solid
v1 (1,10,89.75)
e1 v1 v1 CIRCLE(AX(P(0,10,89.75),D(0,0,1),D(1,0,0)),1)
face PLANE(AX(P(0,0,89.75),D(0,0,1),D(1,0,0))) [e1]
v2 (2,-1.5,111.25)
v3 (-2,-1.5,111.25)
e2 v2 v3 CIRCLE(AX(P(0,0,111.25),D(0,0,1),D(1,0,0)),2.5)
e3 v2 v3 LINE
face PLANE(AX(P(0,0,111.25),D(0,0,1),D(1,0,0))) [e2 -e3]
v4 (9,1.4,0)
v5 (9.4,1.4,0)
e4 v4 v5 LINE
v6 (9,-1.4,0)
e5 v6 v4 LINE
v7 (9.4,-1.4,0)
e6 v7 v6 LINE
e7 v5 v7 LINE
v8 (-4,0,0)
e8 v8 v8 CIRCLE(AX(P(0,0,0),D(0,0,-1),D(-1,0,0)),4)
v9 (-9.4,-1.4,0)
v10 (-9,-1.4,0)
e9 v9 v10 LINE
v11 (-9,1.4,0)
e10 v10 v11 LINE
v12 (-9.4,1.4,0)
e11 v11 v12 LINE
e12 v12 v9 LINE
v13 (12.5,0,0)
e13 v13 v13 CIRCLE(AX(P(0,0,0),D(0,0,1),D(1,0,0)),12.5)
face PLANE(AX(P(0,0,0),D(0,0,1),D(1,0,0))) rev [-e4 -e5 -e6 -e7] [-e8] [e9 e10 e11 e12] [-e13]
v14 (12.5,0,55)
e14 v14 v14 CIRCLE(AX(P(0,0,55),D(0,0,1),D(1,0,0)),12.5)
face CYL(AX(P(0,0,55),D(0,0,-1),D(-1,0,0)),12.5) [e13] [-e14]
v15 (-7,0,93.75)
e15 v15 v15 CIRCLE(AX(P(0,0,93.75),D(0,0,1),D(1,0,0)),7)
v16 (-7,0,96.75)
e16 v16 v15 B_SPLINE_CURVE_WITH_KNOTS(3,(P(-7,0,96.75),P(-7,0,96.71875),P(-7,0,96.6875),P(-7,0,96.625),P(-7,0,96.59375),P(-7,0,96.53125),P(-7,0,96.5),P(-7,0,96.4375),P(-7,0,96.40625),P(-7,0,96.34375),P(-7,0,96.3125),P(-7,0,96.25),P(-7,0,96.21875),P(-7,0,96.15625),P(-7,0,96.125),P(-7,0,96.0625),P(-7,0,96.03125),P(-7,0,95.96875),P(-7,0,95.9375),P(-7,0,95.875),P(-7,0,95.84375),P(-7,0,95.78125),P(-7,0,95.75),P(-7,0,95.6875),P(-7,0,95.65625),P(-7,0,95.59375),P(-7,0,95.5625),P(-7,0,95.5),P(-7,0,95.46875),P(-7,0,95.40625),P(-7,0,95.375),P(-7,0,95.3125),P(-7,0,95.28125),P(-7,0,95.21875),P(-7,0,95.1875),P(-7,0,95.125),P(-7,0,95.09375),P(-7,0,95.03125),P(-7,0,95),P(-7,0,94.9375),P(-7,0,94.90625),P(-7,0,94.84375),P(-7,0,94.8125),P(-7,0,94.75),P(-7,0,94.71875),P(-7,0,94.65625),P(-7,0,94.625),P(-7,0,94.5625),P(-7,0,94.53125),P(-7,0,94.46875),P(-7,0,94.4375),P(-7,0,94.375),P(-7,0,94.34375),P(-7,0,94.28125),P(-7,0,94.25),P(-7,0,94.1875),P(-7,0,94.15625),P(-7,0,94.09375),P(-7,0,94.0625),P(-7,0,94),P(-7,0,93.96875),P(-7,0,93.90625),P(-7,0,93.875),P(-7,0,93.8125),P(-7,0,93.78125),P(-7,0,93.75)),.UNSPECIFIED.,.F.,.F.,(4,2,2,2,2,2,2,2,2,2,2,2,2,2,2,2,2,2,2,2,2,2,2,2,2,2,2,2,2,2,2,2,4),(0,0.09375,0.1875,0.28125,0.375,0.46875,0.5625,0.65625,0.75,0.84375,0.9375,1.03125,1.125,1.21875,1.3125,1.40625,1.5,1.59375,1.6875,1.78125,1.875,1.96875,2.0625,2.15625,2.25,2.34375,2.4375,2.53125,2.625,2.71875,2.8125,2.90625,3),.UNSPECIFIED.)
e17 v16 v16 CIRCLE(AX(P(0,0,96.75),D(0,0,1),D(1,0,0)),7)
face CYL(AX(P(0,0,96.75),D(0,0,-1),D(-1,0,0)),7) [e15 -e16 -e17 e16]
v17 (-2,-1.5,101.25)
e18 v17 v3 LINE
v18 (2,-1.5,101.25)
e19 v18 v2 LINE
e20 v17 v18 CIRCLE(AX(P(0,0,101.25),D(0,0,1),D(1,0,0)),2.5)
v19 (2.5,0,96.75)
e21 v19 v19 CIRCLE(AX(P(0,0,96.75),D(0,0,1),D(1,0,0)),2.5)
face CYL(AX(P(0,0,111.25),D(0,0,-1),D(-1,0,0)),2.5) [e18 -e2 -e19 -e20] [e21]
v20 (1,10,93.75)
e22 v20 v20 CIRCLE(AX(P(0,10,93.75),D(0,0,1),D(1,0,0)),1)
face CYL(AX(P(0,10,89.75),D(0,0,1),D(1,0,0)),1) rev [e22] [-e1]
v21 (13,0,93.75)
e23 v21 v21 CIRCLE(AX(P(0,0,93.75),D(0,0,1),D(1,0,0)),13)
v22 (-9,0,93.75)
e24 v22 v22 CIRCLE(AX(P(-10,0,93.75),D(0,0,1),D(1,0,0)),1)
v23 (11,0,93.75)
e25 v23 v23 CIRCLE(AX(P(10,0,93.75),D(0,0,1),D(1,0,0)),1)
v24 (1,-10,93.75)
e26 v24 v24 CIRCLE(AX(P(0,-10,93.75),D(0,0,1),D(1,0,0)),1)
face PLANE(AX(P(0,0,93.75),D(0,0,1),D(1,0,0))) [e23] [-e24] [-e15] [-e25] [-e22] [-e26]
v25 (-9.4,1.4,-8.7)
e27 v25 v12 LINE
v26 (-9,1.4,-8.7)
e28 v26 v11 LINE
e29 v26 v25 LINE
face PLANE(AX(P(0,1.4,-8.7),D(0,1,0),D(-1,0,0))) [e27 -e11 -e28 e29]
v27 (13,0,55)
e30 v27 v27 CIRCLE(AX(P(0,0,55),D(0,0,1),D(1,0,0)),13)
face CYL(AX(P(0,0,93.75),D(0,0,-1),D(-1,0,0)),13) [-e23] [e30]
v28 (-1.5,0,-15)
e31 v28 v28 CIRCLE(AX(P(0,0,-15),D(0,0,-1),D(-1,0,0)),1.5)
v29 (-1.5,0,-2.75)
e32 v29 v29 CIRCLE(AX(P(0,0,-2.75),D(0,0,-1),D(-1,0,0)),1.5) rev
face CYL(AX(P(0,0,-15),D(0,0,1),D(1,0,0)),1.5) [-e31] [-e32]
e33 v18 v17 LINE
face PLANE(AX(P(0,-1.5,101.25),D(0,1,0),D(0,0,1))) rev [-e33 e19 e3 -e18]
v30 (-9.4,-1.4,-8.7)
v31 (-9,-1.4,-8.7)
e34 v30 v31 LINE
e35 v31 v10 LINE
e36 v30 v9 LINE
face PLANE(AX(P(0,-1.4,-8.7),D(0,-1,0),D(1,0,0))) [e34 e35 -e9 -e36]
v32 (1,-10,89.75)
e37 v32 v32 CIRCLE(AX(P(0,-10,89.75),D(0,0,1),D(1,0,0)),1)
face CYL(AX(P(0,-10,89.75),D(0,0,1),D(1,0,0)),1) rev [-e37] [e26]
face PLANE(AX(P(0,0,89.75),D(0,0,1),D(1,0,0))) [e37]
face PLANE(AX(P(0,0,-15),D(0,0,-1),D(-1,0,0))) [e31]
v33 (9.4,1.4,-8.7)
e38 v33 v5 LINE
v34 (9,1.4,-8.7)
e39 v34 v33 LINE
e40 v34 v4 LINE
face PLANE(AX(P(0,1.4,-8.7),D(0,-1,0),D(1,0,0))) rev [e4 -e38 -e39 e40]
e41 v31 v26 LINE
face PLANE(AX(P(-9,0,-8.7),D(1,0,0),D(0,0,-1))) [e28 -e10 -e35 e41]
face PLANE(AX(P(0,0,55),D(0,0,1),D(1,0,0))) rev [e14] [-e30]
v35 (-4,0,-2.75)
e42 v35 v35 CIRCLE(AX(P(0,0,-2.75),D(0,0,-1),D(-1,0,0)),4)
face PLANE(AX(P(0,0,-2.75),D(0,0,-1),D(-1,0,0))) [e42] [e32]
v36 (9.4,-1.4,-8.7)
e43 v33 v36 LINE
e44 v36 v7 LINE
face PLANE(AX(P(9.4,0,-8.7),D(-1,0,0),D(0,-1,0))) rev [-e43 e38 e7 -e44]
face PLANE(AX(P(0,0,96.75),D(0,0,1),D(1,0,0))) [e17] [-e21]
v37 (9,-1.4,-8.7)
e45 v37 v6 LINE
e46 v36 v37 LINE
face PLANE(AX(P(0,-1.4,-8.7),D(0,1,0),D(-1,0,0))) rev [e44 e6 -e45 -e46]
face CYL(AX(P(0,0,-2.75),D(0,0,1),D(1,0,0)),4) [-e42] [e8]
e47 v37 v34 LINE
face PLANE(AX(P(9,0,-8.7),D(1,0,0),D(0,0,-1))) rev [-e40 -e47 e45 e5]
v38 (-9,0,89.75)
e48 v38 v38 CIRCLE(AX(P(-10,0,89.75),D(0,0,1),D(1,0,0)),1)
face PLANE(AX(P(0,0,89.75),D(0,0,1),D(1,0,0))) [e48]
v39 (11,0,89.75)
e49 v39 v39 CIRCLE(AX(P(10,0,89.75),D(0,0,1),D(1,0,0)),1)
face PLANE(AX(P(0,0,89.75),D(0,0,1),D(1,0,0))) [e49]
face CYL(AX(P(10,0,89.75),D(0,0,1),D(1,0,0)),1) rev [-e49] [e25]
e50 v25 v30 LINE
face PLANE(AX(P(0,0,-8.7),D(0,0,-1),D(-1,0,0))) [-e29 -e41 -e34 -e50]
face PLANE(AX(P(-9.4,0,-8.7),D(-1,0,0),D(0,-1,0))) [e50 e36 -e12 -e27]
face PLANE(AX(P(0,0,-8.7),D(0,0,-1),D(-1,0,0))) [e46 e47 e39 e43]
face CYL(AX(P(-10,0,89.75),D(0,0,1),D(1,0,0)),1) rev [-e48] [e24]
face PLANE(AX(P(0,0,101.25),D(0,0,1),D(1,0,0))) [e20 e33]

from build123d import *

# Parameters (mm, degrees)
SKETCH1_R          = 12.5
EXTRUSION1_DEPTH   = 55
SKETCH2_R          = 13
EXTRUSION2_DEPTH   = 38.75
SKETCH3_R          = 7
EXTRUSION3_DEPTH   = 3
SKETCH4_R          = 2.5
EXTRUSION4_DEPTH   = 14.5
SKETCH5_R          = 1
EXTRUSION5_DEPTH   = 4
SKETCH6_R          = 4
EXTRUSION6_DEPTH   = 2.75
SKETCH7_R          = 1.5
EXTRUSION7_DEPTH   = 15
SKETCH8_W          = 0.4
SKETCH8_H          = 2.8
EXTRUSION8_DEPTH   = 8.7
CUT_EXTRUDE1_DEPTH = 10


with BuildPart() as part:
    # Sketch1 → Extrusion1 (new body)
    with BuildSketch(Plane.XY):
        Circle(SKETCH1_R)
    extrude(amount=EXTRUSION1_DEPTH)

    # Sketch2 → Extrusion2 (add)
    with BuildSketch(Plane.XY.offset(55)):
        Circle(SKETCH2_R)
    extrude(amount=EXTRUSION2_DEPTH)

    # Sketch3 → Extrusion3 (add)
    with BuildSketch(Plane.XY.offset(93.75)):
        with Locations(Location((0, 0, 0), (0, 0, 180))):
            Circle(SKETCH3_R)
    extrude(amount=EXTRUSION3_DEPTH)

    # Sketch4 → Extrusion4 (add)
    with BuildSketch(Plane.XY.offset(96.75)):
        Circle(SKETCH4_R)
    extrude(amount=EXTRUSION4_DEPTH)

    # Sketch5 → Extrusion5 (cut)
    with BuildSketch(Plane.XY.offset(93.75)):
        with Locations((0, 10)):
            Circle(SKETCH5_R)
        with Locations((10, 0)):
            Circle(SKETCH5_R)
        with Locations((0, -10)):
            Circle(SKETCH5_R)
        with Locations((-10, 0)):
            Circle(SKETCH5_R)
    extrude(amount=-EXTRUSION5_DEPTH, mode=Mode.SUBTRACT)

    # Sketch6 → Extrusion6 (add)
    with BuildSketch(Plane(origin=(0, 0, 0), x_dir=(-1, 0, 0), z_dir=(0, 0, -1))):
        Circle(SKETCH6_R)
    extrude(amount=EXTRUSION6_DEPTH)

    # Sketch7 → Extrusion7 (add)
    with BuildSketch(Plane(origin=(0, 0, 0), x_dir=(-1, 0, 0), z_dir=(0, 0, -1))):
        Circle(SKETCH7_R)
    extrude(amount=EXTRUSION7_DEPTH)

    # Sketch8 → Extrusion8 (add)
    with BuildSketch(Plane(origin=(0, 0, 0), x_dir=(-1, 0, 0), z_dir=(0, 0, -1))):
        with Locations((9.2, 0)):
            Rectangle(SKETCH8_W, SKETCH8_H)
        with Locations((-9.2, 0)):
            Rectangle(SKETCH8_W, SKETCH8_H)
    extrude(amount=EXTRUSION8_DEPTH)

    # Sketch9 → Cut-Extrude1 (cut)
    with BuildSketch(Plane.XY.offset(111.25)):
        Polygon((53.72529209, -1.5), (2, -1.5), (-2, -1.5), (-53.72529209, -1.5), (-53.72529209, -104.95058418), (53.72529209, -104.95058418), align=None)
    extrude(amount=-CUT_EXTRUDE1_DEPTH, mode=Mode.SUBTRACT)


solid = part.part
